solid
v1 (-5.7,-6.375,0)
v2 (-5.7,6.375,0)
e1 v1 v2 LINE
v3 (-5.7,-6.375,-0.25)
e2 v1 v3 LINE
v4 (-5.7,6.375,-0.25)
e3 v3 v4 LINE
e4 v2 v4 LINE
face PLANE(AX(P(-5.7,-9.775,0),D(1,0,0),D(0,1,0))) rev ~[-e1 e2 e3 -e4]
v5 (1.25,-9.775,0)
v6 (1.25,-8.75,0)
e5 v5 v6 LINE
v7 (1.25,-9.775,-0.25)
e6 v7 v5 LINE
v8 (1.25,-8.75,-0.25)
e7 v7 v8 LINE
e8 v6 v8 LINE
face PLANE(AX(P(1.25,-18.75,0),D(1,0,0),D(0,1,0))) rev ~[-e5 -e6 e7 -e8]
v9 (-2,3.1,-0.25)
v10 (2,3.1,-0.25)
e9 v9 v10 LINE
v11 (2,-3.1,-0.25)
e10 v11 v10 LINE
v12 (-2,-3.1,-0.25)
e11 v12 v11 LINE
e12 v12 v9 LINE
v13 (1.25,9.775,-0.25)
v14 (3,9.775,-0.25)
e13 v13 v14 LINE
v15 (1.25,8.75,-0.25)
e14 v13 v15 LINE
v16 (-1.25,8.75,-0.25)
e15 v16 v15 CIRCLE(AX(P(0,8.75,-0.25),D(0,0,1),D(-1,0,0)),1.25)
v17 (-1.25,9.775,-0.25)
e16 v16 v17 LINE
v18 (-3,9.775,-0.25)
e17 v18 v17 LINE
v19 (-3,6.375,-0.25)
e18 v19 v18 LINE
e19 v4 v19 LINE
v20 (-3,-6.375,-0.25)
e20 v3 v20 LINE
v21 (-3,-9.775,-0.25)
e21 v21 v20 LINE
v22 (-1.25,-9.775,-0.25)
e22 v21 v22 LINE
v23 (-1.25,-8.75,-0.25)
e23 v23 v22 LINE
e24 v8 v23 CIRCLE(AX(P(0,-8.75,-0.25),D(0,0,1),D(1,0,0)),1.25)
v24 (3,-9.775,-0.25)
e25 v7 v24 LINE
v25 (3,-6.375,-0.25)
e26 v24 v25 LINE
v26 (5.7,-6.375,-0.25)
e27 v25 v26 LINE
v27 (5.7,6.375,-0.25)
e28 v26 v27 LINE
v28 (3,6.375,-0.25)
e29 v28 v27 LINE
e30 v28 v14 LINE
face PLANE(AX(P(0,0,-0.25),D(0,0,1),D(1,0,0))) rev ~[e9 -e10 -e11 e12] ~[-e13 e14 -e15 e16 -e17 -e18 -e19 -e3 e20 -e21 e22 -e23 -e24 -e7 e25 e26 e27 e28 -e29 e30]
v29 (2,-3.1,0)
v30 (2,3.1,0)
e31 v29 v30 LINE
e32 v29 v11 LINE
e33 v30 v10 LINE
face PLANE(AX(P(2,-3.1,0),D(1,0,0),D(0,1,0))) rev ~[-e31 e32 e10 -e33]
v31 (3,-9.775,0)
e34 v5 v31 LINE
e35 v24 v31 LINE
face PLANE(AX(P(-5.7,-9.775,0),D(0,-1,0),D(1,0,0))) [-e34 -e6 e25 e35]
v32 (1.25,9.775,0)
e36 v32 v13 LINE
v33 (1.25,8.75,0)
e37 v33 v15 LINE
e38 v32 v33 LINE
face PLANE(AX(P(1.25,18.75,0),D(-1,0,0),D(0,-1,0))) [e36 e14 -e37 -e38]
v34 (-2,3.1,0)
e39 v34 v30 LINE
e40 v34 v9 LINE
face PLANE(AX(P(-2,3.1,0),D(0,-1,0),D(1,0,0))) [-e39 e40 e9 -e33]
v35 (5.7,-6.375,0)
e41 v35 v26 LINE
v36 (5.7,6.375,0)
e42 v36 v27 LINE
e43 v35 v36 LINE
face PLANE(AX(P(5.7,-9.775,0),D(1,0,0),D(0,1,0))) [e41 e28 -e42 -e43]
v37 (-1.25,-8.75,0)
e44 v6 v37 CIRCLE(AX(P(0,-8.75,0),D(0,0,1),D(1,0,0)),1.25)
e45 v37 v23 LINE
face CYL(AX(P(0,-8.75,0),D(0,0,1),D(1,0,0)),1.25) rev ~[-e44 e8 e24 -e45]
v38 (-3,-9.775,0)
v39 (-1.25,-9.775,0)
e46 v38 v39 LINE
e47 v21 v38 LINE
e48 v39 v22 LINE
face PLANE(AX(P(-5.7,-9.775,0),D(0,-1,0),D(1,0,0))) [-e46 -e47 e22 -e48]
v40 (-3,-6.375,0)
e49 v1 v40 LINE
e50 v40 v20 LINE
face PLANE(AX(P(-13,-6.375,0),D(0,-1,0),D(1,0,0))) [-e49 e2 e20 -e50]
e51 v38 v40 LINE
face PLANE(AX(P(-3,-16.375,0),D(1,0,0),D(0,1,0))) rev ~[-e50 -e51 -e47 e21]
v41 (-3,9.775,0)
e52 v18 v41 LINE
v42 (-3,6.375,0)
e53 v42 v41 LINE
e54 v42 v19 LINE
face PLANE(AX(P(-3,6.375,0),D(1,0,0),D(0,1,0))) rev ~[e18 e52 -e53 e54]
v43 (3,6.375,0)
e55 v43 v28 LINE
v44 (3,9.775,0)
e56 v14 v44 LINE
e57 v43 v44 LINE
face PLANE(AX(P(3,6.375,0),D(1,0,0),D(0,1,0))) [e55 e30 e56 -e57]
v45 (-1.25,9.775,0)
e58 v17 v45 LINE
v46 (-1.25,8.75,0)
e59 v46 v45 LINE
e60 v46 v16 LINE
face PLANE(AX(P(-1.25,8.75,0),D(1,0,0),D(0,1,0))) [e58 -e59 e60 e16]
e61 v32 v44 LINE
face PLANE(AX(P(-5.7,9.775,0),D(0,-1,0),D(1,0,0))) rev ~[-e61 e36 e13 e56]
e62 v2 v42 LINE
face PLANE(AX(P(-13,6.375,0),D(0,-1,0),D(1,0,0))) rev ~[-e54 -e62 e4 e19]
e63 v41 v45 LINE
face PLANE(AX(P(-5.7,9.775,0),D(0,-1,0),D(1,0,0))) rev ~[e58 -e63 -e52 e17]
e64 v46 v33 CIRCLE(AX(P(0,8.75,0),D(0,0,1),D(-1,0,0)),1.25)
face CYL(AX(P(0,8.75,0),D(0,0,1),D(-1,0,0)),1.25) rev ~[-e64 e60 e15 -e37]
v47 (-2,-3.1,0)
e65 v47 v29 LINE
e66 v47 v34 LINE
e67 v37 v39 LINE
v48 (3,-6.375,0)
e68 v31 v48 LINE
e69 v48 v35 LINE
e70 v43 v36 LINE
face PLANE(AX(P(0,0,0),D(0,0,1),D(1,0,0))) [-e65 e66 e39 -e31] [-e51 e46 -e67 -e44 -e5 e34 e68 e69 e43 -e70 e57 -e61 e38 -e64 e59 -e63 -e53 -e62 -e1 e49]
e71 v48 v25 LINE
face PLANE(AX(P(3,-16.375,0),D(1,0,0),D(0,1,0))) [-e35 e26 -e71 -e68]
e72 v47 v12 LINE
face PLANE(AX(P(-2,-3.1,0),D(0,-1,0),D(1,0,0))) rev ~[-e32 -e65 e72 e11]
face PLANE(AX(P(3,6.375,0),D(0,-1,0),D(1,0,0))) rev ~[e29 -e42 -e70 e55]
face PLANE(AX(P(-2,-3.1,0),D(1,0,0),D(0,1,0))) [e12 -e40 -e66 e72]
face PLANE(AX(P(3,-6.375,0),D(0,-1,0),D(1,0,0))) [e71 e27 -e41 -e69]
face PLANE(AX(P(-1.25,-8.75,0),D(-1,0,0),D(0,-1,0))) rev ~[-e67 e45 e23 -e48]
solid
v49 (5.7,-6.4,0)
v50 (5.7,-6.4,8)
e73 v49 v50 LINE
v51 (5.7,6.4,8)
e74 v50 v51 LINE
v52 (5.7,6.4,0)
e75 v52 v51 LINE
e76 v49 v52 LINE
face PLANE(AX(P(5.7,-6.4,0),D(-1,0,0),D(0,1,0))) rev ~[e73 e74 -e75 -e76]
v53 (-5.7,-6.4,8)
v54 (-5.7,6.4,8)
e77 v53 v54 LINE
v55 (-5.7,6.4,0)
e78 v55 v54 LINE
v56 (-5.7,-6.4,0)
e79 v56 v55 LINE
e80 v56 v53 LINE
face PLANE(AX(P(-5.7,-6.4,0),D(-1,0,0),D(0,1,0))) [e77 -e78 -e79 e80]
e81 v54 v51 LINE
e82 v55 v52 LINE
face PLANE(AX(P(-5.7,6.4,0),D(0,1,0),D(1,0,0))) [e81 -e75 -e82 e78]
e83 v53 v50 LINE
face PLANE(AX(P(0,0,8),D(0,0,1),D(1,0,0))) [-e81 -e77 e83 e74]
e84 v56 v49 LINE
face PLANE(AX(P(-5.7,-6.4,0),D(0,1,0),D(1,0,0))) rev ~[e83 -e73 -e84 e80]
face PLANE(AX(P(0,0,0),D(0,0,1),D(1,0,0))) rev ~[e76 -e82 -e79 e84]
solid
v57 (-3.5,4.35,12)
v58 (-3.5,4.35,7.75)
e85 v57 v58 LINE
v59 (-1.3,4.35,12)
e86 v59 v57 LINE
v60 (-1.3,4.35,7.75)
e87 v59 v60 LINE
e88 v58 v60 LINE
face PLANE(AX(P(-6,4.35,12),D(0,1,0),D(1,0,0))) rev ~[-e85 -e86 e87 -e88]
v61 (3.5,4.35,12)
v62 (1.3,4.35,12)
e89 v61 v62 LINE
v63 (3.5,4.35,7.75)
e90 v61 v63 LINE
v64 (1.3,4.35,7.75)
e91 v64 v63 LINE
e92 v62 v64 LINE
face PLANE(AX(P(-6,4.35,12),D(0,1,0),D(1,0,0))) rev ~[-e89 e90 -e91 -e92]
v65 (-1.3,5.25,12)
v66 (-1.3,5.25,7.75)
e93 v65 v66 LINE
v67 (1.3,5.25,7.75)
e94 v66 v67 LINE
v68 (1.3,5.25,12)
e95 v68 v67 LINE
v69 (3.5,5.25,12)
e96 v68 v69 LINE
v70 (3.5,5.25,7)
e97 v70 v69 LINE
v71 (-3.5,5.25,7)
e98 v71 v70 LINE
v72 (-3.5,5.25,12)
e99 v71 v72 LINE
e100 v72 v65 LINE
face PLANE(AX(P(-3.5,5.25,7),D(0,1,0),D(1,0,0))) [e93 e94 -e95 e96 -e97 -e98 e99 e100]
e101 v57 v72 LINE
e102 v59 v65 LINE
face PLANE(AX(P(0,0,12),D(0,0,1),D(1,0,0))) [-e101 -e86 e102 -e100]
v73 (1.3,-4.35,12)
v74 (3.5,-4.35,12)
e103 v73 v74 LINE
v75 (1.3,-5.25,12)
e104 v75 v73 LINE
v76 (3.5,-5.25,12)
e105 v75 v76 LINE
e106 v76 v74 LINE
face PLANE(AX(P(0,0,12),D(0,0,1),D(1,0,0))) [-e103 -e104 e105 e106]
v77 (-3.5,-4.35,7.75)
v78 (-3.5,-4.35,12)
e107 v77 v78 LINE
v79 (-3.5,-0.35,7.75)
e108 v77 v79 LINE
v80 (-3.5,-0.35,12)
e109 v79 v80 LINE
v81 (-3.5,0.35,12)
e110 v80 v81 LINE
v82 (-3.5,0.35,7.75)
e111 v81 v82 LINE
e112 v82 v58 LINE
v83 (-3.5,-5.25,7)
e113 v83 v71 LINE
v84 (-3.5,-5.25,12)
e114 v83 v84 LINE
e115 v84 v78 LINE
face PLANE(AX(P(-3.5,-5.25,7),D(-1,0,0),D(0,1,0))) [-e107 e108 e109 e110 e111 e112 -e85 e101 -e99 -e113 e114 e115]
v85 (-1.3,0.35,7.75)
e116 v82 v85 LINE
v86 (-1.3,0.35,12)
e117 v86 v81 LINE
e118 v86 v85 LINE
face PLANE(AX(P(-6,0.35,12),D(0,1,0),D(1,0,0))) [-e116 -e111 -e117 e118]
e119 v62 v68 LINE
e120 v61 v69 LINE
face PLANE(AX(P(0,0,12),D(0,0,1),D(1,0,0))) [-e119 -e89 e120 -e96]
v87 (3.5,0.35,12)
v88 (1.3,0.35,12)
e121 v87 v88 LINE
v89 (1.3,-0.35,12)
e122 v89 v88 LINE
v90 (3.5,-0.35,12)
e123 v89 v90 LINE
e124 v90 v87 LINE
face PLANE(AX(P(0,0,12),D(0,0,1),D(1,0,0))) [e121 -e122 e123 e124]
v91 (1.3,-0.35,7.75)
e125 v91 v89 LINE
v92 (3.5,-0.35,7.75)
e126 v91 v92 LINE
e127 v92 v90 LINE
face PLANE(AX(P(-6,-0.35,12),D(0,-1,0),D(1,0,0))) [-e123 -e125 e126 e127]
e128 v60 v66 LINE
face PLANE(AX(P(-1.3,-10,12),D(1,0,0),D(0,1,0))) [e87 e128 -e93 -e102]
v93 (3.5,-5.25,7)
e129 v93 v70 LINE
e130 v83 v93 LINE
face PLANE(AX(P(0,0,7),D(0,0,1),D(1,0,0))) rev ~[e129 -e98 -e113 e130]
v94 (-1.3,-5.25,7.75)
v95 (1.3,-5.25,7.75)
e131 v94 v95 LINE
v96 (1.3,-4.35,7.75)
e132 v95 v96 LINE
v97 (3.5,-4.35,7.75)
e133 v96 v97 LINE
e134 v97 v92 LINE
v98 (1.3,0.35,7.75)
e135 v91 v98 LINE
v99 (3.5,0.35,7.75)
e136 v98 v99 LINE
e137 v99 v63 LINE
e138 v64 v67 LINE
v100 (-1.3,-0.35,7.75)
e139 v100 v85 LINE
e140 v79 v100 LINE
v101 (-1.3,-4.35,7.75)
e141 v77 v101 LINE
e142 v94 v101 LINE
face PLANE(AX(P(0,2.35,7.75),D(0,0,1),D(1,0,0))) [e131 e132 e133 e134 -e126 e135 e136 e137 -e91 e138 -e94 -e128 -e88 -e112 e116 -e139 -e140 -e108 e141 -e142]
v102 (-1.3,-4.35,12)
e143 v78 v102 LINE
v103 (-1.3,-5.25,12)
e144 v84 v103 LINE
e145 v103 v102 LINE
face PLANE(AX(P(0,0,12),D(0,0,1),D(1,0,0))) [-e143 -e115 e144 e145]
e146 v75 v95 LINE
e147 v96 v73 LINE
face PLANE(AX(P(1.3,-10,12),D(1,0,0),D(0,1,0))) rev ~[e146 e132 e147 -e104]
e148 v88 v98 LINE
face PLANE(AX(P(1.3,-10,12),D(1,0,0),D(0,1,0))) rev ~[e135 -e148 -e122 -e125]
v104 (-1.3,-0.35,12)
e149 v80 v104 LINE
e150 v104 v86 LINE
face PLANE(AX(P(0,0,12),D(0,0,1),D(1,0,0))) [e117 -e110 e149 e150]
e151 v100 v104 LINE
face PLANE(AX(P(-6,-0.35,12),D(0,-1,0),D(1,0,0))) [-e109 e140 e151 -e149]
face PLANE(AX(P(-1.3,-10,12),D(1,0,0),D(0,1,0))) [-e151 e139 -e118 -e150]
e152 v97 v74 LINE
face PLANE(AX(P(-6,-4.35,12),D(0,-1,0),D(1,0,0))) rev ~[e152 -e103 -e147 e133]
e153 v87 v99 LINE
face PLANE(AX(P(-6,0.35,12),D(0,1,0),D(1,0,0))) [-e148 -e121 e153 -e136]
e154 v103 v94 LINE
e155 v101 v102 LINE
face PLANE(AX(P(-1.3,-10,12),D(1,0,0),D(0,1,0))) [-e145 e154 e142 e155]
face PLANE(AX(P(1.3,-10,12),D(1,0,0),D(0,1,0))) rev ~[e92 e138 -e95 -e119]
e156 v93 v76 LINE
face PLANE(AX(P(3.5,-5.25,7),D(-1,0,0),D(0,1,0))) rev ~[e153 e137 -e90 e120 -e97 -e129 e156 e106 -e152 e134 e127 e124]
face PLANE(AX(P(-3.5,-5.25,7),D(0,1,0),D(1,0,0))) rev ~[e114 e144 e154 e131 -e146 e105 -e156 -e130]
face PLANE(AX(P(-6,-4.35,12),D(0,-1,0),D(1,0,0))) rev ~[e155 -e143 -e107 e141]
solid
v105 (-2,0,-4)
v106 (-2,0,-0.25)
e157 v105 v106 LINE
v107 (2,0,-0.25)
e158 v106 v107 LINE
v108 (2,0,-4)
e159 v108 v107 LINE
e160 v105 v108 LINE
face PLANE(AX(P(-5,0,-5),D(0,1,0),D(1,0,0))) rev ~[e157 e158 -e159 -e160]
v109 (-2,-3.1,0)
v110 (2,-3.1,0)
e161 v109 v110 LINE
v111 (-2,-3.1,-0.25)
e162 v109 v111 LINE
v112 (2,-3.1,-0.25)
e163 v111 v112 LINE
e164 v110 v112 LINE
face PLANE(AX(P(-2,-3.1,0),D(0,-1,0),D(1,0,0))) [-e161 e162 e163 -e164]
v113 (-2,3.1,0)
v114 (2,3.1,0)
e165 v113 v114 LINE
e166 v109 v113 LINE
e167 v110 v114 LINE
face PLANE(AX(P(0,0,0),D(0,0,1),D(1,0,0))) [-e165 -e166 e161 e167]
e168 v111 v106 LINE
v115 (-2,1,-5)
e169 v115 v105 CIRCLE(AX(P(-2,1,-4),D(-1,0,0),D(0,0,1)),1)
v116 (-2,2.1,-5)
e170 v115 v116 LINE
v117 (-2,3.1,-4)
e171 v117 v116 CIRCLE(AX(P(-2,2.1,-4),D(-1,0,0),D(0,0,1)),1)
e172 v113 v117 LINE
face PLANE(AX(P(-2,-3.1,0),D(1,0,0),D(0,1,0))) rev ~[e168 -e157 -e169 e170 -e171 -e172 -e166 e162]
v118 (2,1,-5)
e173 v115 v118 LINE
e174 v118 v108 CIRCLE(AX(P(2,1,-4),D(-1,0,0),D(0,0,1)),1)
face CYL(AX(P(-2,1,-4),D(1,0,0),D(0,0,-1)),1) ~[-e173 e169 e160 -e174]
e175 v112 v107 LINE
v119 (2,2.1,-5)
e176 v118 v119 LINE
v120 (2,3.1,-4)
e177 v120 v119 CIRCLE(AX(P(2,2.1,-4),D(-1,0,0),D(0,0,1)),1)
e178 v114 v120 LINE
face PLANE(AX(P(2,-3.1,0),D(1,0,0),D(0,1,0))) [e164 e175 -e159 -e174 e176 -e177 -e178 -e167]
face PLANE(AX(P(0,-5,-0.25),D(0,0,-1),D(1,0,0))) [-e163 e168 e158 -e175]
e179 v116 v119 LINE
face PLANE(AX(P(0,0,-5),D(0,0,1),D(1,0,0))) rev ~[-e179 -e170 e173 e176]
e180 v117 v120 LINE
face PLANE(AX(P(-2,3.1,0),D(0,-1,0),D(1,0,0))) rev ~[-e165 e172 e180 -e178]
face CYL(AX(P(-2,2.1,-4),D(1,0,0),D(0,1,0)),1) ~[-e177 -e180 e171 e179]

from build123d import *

# Parameters (mm, degrees)
SKETCH_W        = 11.4
SKETCH_H        = 12.8
PAD_DEPTH       = 8
SKETCH001_W     = 11.4
SKETCH001_H     = 19.55
PAD001_DEPTH    = 0.25
SKETCH002_W     = 4
SKETCH002_H     = 6.2
POCKET_DEPTH    = 5
SKETCH003_W     = 10
SKETCH003_H     = 10
POCKET001_DEPTH = 5
POCKET002_DEPTH = 0.251
SKETCH005_W     = 7
SKETCH005_H     = 10.5
PAD002_DEPTH    = 5
SKETCH007_W     = 12
SKETCH007_H     = 4
POCKET003_DEPTH = 4.25
SKETCH008_W     = 2.6
SKETCH008_H     = 20
POCKET004_DEPTH = 4.25
SKETCH009_W     = 4
SKETCH009_H     = 6.2
PAD003_DEPTH    = 5
SKETCH011_W     = 10
SKETCH011_H     = 10
POCKET005_DEPTH = 4.75
FILLET_R        = 1


with BuildPart() as mainbody:
    # Sketch → Pad (new body)
    with BuildSketch(Plane.XY):
        Rectangle(SKETCH_W, SKETCH_H)
    extrude(amount=PAD_DEPTH)


with BuildPart() as frontplate:
    # Sketch001 → Pad001 (new body)
    with BuildSketch(Plane.XY):
        Rectangle(SKETCH001_W, SKETCH001_H)
    extrude(amount=-PAD001_DEPTH)

    # Sketch002 → Pocket (cut)
    with BuildSketch(Plane.XY):
        Rectangle(SKETCH002_W, SKETCH002_H)
    extrude(amount=-POCKET_DEPTH, mode=Mode.SUBTRACT)

    # Sketch003 → Pocket001 (cut)
    with BuildSketch(Plane.XY):
        with Locations((-8, -11.375)):
            Rectangle(SKETCH003_W, SKETCH003_H)
        with Locations((8, -11.375)):
            Rectangle(SKETCH003_W, SKETCH003_H)
        with Locations((8, 11.375)):
            Rectangle(SKETCH003_W, SKETCH003_H)
        with Locations((-8, 11.375)):
            Rectangle(SKETCH003_W, SKETCH003_H)
    extrude(amount=-POCKET001_DEPTH, mode=Mode.SUBTRACT)

    # Sketch004 → Pocket002 (cut, through all)
    with BuildSketch(Plane.XY):
        with BuildLine():
            ThreePointArc((-1.25, 8.75), (0, 7.5), (1.25, 8.75))
            Line((1.25, 18.75), (1.25, 8.75))
            Line((-1.25, 18.75), (1.25, 18.75))
            Line((-1.25, 8.75), (-1.25, 18.75))
        make_face()
        with BuildLine():
            ThreePointArc((1.25, -8.75), (0, -7.5), (-1.25, -8.75))
            Line((-1.25, -8.75), (-1.25, -18.75))
            Line((-1.25, -18.75), (1.25, -18.75))
            Line((1.25, -18.75), (1.25, -8.75))
        make_face()
    extrude(amount=-POCKET002_DEPTH, mode=Mode.SUBTRACT)


with BuildPart() as connectors:
    # Sketch005 (on DatumPlane) → Pad002 (new body)
    with BuildSketch(Plane.XY.offset(7)):
        Rectangle(SKETCH005_W, SKETCH005_H)
    extrude(amount=PAD002_DEPTH)

    # Sketch007 (on Face6 of Pad002) → Pocket003 (cut, symmetric)
    with BuildSketch(Plane.XY.offset(12)):
        with Locations((0, 2.35)):
            Rectangle(SKETCH007_W, SKETCH007_H)
        with Locations((0, -2.35)):
            Rectangle(SKETCH007_W, SKETCH007_H)
    extrude(amount=POCKET003_DEPTH, both=True, mode=Mode.SUBTRACT)

    # Sketch008 (on Face5 of Pocket003) → Pocket004 (cut, symmetric)
    with BuildSketch(Plane.XY.offset(12)):
        Rectangle(SKETCH008_W, SKETCH008_H)
    extrude(amount=POCKET004_DEPTH, both=True, mode=Mode.SUBTRACT)


with BuildPart() as switch:
    # Sketch009 → Pad003 (new body)
    with BuildSketch(Plane.XY):
        Rectangle(SKETCH009_W, SKETCH009_H)
    extrude(amount=-PAD003_DEPTH)

    # Sketch011 (on Face6 of Pad003) → Pocket005 (cut)
    with BuildSketch(Plane(origin=(0, 0, -5), x_dir=(1, 0, 0), z_dir=(0, 0, -1))):
        with Locations((0, 5)):
            Rectangle(SKETCH011_W, SKETCH011_H)
    extrude(amount=-POCKET005_DEPTH, mode=Mode.SUBTRACT)

    # Fillet
    fillet_edges = [switch.edges().sort_by_distance(p)[0] for p in [
        (0, 0, -5),
        (0, 3.1, -5),
    ]]
    fillet(fillet_edges, radius=FILLET_R)


solid = Compound([mainbody.part, frontplate.part, connectors.part, switch.part])
